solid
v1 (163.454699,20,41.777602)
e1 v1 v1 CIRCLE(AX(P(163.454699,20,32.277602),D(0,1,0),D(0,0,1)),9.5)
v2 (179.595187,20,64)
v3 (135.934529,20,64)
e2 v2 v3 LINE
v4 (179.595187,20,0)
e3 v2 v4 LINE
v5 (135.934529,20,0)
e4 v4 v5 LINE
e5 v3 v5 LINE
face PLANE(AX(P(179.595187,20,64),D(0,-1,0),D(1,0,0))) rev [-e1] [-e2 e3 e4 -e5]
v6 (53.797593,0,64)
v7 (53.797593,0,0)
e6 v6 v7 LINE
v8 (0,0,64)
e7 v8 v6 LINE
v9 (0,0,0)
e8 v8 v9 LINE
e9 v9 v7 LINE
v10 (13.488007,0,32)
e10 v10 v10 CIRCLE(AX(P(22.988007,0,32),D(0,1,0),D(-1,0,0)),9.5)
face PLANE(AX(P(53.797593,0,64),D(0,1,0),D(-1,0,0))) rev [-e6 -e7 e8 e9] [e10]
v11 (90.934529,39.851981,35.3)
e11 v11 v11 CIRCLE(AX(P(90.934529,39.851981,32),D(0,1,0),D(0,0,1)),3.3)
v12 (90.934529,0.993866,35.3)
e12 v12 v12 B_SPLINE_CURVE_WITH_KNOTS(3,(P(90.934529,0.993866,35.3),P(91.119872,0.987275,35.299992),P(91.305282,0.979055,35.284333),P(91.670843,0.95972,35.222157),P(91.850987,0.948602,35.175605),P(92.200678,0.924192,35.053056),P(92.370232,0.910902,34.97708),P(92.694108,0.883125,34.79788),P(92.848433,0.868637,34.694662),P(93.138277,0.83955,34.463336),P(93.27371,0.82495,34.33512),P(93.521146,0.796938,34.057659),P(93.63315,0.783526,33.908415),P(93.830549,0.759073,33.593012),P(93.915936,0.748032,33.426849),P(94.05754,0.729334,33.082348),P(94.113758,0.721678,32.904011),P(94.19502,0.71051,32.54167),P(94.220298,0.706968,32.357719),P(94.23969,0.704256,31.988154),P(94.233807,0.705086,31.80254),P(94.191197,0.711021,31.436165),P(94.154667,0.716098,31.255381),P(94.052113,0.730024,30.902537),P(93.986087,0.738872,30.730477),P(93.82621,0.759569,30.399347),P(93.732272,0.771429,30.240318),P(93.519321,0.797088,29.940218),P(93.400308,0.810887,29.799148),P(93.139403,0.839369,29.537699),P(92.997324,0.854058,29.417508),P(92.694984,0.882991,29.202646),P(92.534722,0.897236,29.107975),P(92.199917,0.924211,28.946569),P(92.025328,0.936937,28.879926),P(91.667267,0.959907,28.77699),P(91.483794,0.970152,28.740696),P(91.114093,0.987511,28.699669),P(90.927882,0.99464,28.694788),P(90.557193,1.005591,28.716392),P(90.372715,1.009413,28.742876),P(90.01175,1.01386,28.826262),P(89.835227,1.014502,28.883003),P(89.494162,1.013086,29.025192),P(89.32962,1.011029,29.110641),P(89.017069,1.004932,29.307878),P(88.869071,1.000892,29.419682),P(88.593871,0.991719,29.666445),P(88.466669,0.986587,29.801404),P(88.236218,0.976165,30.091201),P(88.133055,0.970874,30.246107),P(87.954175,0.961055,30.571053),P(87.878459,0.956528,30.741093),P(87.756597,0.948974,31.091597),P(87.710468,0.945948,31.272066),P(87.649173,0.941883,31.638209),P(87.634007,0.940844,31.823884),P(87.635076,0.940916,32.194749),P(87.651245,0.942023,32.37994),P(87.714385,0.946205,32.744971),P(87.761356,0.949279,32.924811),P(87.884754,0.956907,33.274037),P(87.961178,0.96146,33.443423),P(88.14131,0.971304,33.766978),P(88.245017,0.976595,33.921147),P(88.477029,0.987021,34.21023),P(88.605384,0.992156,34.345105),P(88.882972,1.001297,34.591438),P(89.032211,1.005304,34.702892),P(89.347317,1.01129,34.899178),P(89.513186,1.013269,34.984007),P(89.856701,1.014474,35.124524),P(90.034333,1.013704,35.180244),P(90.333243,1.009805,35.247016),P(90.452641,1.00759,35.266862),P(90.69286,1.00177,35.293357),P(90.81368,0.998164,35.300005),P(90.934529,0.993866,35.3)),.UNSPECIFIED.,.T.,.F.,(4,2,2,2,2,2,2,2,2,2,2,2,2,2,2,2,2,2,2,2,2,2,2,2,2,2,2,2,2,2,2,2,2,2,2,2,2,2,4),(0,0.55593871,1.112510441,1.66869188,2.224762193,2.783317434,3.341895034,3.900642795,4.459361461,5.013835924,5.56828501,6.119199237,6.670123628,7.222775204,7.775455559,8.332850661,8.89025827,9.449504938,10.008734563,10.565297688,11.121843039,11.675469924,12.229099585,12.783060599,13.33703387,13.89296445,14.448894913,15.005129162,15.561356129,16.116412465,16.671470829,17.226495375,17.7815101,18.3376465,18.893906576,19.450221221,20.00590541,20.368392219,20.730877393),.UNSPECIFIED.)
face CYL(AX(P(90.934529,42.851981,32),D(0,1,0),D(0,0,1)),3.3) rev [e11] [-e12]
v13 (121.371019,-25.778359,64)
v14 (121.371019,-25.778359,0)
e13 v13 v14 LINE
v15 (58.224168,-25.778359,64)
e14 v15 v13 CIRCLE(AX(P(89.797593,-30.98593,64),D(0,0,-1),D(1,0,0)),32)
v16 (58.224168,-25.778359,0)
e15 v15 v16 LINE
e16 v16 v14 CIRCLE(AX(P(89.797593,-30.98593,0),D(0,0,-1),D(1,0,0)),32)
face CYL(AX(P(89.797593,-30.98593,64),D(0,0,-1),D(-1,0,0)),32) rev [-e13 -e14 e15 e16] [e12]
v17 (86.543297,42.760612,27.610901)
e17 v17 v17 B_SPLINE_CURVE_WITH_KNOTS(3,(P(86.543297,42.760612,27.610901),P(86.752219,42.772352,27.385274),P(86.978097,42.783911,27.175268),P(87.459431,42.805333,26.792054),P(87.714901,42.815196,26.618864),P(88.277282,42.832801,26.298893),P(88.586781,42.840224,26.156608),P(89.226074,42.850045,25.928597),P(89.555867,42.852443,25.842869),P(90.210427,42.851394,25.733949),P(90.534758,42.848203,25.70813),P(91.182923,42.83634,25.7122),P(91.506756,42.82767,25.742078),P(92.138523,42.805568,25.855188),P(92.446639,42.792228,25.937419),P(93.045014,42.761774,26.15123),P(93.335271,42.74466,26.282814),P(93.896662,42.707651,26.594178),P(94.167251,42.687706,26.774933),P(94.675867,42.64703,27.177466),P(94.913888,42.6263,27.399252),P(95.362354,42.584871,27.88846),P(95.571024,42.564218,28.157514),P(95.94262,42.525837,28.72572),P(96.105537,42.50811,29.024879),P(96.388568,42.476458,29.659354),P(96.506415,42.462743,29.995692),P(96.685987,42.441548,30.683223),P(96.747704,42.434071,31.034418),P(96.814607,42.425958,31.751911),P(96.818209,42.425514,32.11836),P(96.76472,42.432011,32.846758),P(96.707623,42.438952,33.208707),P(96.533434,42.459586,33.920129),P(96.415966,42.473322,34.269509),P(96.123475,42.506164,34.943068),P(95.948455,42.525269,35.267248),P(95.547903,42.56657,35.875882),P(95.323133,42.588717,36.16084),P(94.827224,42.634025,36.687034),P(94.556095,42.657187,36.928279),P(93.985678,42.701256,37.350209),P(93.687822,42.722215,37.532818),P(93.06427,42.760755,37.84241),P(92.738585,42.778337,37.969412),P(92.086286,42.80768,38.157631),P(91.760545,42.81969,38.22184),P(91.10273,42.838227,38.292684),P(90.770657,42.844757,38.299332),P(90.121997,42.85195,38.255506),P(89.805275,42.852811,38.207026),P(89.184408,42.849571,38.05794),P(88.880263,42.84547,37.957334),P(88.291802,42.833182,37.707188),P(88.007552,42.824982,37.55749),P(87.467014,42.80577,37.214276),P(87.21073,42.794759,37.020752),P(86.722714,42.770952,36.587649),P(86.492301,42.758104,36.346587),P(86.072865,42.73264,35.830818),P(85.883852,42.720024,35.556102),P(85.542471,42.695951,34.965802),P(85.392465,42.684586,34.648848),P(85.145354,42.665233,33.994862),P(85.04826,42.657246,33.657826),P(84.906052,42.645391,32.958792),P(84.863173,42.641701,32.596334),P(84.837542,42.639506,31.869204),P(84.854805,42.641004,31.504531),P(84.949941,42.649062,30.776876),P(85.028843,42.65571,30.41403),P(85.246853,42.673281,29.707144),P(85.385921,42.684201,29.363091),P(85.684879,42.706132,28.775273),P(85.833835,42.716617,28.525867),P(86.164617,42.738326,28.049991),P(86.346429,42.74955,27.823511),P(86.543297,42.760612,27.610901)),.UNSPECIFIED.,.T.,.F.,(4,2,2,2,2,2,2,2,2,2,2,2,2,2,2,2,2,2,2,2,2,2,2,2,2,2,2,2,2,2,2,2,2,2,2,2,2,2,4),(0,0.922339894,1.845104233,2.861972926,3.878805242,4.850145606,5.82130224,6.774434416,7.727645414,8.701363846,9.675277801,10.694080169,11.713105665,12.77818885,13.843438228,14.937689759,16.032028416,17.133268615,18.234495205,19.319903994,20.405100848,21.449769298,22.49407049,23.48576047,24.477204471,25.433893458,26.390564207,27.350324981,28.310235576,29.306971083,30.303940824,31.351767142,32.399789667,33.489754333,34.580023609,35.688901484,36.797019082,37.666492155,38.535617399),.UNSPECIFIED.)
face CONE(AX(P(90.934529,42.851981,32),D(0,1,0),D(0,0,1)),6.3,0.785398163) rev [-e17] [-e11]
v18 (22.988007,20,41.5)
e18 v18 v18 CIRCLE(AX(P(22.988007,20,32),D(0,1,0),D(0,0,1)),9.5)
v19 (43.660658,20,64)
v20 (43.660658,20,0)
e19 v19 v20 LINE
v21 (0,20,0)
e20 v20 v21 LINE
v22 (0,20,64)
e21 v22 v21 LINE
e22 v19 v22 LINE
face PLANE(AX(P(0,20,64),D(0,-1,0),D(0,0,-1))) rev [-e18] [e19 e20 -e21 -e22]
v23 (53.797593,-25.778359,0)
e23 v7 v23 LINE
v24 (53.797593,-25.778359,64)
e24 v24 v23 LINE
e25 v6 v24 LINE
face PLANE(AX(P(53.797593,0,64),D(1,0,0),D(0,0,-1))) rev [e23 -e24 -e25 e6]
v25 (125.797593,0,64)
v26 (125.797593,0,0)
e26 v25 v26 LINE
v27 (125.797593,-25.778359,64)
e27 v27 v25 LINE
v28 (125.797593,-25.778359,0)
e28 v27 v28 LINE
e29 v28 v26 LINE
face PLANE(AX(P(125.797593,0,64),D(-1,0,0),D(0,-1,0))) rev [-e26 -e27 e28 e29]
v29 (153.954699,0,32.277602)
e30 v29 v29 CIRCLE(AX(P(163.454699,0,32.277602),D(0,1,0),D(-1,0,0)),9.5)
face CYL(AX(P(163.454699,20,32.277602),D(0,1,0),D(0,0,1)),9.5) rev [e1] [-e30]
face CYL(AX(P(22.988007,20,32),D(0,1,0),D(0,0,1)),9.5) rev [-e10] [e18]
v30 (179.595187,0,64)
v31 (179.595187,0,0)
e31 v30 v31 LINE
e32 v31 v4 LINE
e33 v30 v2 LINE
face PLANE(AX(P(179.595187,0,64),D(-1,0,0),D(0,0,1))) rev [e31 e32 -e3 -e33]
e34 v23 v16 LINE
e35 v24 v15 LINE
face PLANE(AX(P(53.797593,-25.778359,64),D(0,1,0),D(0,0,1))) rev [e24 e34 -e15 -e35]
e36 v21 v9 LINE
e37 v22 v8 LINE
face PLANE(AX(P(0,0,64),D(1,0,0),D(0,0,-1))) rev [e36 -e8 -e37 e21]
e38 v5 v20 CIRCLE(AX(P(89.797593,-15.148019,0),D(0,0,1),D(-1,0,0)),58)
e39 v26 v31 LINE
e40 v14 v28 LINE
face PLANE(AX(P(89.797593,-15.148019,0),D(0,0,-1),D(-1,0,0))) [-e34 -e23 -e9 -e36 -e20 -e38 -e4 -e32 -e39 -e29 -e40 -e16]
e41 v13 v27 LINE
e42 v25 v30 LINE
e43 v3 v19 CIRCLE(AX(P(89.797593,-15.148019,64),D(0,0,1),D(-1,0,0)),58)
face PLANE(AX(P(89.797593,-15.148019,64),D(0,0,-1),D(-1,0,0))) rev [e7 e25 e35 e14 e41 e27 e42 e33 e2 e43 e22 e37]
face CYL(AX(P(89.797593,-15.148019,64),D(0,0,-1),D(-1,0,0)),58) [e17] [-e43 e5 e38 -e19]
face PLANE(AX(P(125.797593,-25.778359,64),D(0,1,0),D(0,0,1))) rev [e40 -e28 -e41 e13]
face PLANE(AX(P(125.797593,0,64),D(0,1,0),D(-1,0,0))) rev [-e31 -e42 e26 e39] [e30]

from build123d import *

# Parameters (mm, degrees)
BOSS_EXTRUDE1_DEPTH                                 = 64
F_1_0MM_DOWEL_HOLE1_D                               = 19
F_1_0MM_DOWEL_HOLE1_DEPTH                           = 130
F_1_0MM_DOWEL_HOLE1_TIP                             = 5.708175881
CSK_FOR_M6_COUNTERSUNK_FLAT_HEAD_SCREW1_D           = 6.6
CSK_FOR_M6_COUNTERSUNK_FLAT_HEAD_SCREW1_DEPTH       = 130
CSK_FOR_M6_COUNTERSUNK_FLAT_HEAD_SCREW1_CSINK_D     = 12.6
CSK_FOR_M6_COUNTERSUNK_FLAT_HEAD_SCREW1_CSINK_ANGLE = 90
CSK_FOR_M6_COUNTERSUNK_FLAT_HEAD_SCREW1_TIP         = 1.982840043


with BuildPart() as part:
    # Sketch1 → Boss-Extrude1 (new body)
    with BuildSketch(Plane.XY):
        with BuildLine():
            Line((0, 0), (0, 20))
            Line((0, 20), (43.660658251, 20))
            ThreePointArc((43.660658251, 20), (89.797593381, 42.851981325), (135.934528511, 20))
            Line((135.934528511, 20), (179.595186762, 20))
            Line((179.595186762, 20), (179.595186762, 0))
            Line((179.595186762, 0), (125.797593381, 0))
            Line((125.797593381, 0), (125.797593381, -25.778358914))
            Line((125.797593381, -25.778358914), (121.37101897, -25.778358914))
            ThreePointArc((121.37101897, -25.778358914), (89.797593381, 1.014070006), (58.224167792, -25.778358914))
            Line((58.224167792, -25.778358914), (53.797593381, -25.778358914))
            Line((53.797593381, -25.778358914), (53.797593381, 0))
            Line((53.797593381, 0), (0, 0))
        make_face()
    extrude(amount=BOSS_EXTRUDE1_DEPTH)

    # Ø1.0mm Dowel Hole1
    with Locations(Plane(origin=(0, 20, 0), x_dir=(1, 0, 0), z_dir=(0, 1, 0))):
        with Locations((22.988007273, -32), (163.454699395, -32.277602158)):
            Hole(F_1_0MM_DOWEL_HOLE1_D / 2, depth=F_1_0MM_DOWEL_HOLE1_DEPTH)
            with Locations((0, 0, -(F_1_0MM_DOWEL_HOLE1_DEPTH + F_1_0MM_DOWEL_HOLE1_TIP / 2))):  # 118° drill point
                Cone(0, F_1_0MM_DOWEL_HOLE1_D / 2, F_1_0MM_DOWEL_HOLE1_TIP, mode=Mode.SUBTRACT)

    # CSK for M6 Countersunk Flat Head Screw1
    with Locations(Plane(origin=(0, 42.851981325, 0), x_dir=(1, 0, 0), z_dir=(0, 1, 0))):
        with Locations((90.934528511, -32)):
            CounterSinkHole(CSK_FOR_M6_COUNTERSUNK_FLAT_HEAD_SCREW1_D / 2, CSK_FOR_M6_COUNTERSUNK_FLAT_HEAD_SCREW1_CSINK_D / 2, depth=CSK_FOR_M6_COUNTERSUNK_FLAT_HEAD_SCREW1_DEPTH, counter_sink_angle=CSK_FOR_M6_COUNTERSUNK_FLAT_HEAD_SCREW1_CSINK_ANGLE)
            with Locations((0, 0, -(CSK_FOR_M6_COUNTERSUNK_FLAT_HEAD_SCREW1_DEPTH + CSK_FOR_M6_COUNTERSUNK_FLAT_HEAD_SCREW1_TIP / 2))):  # 118° drill point
                Cone(0, CSK_FOR_M6_COUNTERSUNK_FLAT_HEAD_SCREW1_D / 2, CSK_FOR_M6_COUNTERSUNK_FLAT_HEAD_SCREW1_TIP, mode=Mode.SUBTRACT)


solid = part.part
